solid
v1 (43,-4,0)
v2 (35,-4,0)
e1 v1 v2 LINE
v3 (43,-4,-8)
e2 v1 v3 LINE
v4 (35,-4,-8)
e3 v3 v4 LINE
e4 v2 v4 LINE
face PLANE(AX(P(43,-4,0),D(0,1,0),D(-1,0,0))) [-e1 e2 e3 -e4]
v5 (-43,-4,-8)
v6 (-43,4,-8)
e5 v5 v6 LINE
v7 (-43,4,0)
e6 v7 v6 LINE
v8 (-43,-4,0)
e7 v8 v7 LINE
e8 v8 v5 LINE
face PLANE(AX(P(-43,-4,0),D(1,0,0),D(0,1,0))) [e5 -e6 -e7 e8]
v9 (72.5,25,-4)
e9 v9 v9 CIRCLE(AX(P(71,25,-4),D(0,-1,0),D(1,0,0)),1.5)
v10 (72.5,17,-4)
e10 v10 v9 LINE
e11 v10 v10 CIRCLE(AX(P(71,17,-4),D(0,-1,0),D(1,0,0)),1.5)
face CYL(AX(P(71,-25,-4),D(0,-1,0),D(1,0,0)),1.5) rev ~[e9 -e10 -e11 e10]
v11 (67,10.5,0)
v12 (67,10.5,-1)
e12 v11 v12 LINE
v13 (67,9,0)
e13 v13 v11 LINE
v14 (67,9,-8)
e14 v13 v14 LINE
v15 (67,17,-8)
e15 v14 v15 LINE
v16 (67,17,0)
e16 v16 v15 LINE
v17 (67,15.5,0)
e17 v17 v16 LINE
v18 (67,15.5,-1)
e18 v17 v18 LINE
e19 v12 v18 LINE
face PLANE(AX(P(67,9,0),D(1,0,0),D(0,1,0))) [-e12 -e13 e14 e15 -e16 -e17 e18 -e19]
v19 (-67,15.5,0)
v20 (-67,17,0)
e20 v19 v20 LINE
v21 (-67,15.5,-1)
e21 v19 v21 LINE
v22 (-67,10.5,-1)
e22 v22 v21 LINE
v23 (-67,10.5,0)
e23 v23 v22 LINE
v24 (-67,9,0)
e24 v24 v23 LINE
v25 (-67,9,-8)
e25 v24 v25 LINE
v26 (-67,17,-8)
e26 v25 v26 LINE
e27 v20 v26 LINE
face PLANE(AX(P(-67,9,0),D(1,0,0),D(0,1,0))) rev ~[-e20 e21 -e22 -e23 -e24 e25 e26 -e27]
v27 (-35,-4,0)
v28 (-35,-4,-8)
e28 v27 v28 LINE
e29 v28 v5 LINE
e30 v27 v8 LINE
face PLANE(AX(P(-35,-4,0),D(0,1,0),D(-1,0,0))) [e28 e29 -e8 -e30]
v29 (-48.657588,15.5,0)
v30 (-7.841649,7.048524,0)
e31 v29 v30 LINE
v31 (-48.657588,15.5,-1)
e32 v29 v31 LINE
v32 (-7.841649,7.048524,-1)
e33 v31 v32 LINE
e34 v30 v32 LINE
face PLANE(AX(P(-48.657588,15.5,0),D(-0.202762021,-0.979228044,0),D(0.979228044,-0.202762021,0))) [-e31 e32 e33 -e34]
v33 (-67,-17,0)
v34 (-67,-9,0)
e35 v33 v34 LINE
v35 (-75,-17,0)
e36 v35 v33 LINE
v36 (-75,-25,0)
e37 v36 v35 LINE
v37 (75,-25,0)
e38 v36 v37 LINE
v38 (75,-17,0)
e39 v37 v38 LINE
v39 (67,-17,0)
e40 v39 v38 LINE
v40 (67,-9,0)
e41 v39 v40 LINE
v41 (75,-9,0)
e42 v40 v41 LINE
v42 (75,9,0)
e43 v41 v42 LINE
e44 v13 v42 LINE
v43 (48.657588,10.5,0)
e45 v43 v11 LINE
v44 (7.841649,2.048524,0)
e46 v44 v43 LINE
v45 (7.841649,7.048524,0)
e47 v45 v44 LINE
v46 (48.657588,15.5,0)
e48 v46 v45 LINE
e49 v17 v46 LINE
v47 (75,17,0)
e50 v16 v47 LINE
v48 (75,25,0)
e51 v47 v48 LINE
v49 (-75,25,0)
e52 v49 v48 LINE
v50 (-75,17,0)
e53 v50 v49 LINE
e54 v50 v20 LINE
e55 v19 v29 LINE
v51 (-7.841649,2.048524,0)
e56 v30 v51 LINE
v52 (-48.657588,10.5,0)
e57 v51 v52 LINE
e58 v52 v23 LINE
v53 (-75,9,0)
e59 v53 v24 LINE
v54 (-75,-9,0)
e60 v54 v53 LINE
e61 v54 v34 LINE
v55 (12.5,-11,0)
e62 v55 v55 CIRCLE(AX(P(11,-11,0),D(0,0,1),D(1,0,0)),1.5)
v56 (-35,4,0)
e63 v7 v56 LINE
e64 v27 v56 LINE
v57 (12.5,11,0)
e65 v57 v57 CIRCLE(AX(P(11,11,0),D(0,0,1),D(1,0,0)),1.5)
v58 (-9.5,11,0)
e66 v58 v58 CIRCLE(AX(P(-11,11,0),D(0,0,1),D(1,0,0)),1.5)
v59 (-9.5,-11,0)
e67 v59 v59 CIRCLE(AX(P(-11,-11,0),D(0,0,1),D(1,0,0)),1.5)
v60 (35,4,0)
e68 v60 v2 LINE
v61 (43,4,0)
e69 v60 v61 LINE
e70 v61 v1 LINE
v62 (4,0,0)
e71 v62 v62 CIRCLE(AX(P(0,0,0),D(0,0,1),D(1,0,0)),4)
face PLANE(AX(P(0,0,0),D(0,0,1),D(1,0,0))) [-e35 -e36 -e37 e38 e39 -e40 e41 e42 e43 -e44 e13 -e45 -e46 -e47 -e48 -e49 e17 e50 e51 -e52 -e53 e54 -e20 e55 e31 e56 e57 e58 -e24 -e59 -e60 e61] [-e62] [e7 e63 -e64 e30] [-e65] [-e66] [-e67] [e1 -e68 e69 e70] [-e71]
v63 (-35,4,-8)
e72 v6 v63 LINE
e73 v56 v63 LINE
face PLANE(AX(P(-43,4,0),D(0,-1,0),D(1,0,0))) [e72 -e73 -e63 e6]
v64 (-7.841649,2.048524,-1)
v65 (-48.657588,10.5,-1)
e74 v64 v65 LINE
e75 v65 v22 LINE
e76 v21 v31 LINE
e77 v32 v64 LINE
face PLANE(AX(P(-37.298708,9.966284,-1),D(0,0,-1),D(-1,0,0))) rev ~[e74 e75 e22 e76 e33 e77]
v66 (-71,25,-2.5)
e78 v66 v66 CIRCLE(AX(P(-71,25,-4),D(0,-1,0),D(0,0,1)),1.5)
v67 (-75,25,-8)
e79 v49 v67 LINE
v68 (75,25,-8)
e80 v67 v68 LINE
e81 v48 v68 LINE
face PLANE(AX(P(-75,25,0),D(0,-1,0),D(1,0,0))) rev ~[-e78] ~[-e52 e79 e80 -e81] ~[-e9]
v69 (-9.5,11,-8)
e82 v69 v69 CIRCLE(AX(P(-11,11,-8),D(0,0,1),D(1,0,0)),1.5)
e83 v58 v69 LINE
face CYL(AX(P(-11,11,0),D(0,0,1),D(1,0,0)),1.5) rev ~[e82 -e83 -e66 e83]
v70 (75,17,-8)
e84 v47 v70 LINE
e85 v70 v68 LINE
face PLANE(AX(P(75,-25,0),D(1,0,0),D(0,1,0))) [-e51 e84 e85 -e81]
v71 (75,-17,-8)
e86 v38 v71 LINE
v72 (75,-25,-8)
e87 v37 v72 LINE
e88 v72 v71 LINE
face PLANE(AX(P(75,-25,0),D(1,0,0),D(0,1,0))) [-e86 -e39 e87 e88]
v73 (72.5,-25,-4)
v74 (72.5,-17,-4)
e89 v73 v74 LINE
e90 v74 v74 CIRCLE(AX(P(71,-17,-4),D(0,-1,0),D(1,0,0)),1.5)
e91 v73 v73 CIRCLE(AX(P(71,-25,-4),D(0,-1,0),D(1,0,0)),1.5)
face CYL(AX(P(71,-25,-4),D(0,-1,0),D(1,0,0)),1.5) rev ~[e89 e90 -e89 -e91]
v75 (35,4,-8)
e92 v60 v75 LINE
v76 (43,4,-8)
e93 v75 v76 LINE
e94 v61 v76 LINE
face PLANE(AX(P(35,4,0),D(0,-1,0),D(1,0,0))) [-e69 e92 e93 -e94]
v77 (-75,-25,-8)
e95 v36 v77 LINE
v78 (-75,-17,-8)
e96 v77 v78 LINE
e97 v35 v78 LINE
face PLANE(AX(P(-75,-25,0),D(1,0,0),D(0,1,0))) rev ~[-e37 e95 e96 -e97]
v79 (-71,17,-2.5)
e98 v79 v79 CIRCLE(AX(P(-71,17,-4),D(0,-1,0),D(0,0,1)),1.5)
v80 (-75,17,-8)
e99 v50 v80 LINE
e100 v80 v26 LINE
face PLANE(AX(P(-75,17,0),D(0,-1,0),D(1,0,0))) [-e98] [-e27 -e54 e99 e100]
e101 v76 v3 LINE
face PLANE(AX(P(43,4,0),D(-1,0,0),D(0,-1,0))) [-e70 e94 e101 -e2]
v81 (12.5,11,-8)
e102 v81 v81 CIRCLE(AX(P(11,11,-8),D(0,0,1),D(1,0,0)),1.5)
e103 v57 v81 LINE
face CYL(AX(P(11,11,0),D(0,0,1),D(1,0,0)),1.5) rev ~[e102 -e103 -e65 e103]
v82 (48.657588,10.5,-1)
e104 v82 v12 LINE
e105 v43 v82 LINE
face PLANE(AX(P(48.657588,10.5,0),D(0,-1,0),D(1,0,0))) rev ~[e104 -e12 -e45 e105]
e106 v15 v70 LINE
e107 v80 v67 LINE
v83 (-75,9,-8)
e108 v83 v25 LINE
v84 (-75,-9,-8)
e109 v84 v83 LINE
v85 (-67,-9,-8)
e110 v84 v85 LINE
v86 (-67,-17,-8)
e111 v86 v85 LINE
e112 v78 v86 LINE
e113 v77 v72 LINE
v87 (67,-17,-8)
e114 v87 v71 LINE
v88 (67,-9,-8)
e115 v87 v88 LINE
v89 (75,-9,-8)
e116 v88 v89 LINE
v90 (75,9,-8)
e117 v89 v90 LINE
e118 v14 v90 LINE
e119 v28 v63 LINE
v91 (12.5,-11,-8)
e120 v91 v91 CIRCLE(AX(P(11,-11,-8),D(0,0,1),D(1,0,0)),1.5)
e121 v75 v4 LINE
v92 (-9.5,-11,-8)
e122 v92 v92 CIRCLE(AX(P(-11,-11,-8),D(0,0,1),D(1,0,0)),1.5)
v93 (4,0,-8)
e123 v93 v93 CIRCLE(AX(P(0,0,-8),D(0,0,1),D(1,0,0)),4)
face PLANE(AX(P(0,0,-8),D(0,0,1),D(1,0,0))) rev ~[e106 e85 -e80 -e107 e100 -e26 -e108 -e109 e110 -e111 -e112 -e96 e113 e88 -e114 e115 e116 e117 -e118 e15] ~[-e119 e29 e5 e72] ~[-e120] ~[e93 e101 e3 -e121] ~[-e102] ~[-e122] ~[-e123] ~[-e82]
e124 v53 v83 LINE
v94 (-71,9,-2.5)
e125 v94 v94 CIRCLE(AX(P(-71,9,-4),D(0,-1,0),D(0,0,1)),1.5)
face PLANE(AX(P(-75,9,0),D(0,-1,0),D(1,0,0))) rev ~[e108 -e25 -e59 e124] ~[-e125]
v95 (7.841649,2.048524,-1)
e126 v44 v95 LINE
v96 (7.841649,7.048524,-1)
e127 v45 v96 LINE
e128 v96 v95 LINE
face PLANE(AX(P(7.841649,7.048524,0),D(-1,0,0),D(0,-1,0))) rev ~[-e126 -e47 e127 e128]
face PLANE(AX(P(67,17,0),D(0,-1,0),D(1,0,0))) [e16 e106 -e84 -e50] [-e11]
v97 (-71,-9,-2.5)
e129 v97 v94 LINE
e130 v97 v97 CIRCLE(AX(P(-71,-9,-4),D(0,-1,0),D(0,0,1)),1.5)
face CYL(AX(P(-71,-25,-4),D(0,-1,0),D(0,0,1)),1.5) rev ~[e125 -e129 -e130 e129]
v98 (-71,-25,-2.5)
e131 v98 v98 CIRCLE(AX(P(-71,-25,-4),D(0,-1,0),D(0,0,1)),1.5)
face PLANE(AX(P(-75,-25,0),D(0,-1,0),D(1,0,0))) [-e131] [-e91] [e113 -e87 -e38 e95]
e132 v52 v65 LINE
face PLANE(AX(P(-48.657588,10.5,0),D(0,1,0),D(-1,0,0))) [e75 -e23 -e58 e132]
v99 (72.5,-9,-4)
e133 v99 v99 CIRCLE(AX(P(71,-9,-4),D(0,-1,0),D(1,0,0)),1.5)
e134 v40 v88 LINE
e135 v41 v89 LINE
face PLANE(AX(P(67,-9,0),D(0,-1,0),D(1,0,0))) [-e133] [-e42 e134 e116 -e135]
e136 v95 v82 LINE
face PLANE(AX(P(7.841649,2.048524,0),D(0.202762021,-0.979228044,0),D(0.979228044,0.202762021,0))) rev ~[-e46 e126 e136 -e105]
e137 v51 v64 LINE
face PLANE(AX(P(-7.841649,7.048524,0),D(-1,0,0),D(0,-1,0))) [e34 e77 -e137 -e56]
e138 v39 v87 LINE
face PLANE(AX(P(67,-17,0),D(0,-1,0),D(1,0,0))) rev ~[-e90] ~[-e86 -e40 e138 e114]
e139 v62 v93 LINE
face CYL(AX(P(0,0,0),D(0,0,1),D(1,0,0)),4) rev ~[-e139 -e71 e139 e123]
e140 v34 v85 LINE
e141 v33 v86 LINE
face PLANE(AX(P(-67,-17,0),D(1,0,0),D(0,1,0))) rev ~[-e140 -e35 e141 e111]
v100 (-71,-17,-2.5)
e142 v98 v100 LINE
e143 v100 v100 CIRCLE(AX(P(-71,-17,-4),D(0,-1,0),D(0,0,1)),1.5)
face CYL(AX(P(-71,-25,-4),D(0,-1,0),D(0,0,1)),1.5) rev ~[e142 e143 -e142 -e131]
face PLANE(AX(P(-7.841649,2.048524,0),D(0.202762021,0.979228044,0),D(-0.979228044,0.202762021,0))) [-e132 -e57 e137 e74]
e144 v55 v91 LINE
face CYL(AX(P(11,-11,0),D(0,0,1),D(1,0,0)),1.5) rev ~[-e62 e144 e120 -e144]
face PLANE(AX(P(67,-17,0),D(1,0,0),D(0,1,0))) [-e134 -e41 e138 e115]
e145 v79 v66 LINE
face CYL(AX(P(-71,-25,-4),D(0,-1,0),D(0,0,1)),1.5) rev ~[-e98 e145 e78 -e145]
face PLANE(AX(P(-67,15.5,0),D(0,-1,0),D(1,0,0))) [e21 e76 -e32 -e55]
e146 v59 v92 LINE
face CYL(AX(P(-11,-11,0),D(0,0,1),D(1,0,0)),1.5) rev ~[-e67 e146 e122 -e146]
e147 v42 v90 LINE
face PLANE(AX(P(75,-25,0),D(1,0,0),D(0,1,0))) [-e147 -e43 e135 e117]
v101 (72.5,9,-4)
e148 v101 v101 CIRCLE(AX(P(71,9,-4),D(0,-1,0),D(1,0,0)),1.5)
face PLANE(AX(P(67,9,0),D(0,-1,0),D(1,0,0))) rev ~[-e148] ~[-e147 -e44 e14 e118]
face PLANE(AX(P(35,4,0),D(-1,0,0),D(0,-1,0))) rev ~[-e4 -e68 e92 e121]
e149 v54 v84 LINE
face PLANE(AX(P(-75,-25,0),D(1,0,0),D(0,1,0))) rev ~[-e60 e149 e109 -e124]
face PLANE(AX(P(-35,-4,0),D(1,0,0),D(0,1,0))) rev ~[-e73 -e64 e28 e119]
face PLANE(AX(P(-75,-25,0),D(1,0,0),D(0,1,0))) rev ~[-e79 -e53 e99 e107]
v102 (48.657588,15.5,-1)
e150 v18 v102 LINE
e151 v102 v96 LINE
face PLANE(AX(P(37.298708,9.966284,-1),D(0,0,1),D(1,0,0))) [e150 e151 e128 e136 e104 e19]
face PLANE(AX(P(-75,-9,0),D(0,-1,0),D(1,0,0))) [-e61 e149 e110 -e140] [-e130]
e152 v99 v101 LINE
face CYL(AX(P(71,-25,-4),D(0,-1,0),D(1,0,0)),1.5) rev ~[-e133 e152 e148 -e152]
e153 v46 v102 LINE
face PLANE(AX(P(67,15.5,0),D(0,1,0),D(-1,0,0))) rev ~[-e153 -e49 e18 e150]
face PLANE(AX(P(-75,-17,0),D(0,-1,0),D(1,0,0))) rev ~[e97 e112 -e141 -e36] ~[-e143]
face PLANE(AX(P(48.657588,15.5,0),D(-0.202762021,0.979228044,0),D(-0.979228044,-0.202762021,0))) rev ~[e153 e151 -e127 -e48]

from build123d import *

# Parameters (mm, degrees)
SKETCH1_W                                  = 150
SKETCH1_H                                  = 50
U_ARM_BOTTOM_BOSS_EXTRUDE1_DEPTH           = 8
SKETCH2_W                                  = 8
SKETCH2_H                                  = 8
PUZZLE_SLOT_CUT_EXTRUDE1_DEPTH             = 8
SKETCH3_R                                  = 4
CENTER_SHAFT_HOLE_CUT_EXTRUDE2_DEPTH       = 8
PUZZLE_SLOT_SCREW_HOLES_CUT_EXTRUDE3_REACH = 92.493
SKETCH4_R                                  = 1.5
SIDE_PUZZLE_SLOTS_CUT_EXTRUDE4_DEPTH       = 8
CABLE_CUT_EXTRUDE13_DEPTH                  = 1
SKETCH7_R                                  = 1.5
DISTANS_MOUNTING_HOLES_CUT_EXTRUDE1_DEPTH  = 8


with BuildPart() as part:
    # Sketch1 → U-Arm Bottom Boss-Extrude1 (new body)
    with BuildSketch(Plane.XY):
        Rectangle(SKETCH1_W, SKETCH1_H)
    extrude(amount=-U_ARM_BOTTOM_BOSS_EXTRUDE1_DEPTH)

    # Sketch2 → Puzzle Slot Cut-Extrude1 (cut)
    with BuildSketch(Plane.XY):
        with Locations((71, 13)):
            Rectangle(SKETCH2_W, SKETCH2_H)
        with Locations((71, -13)):
            Rectangle(SKETCH2_W, SKETCH2_H)
        with Locations((-71, -13)):
            Rectangle(SKETCH2_W, SKETCH2_H)
        with Locations((-71, 13)):
            Rectangle(SKETCH2_W, SKETCH2_H)
    extrude(amount=-PUZZLE_SLOT_CUT_EXTRUDE1_DEPTH, mode=Mode.SUBTRACT)

    # Sketch3 → Center Shaft Hole Cut-Extrude2 (cut)
    with BuildSketch(Plane.XY):
        Circle(SKETCH3_R)
    extrude(amount=-CENTER_SHAFT_HOLE_CUT_EXTRUDE2_DEPTH, mode=Mode.SUBTRACT)

    # Puzzle Slot Screw Holes Cut-Extrude3: up to this face of the body (flat: up to its plane)
    puzzle_slot_screw_holes_cut_extrude3_end = Plane(part.part.faces().sort_by_distance((0, 25, -4))[0])
    # Sketch4 → Puzzle Slot Screw Holes Cut-Extrude3 (cut, up to the picked face)
    with BuildSketch(Plane.XZ.offset(25), mode=Mode.PRIVATE) as puzzle_slot_screw_holes_cut_extrude3_sk1:
        with Locations(Location((-71, -4, 0), (0, 0, 90))):
            Circle(SKETCH4_R)
    puzzle_slot_screw_holes_cut_extrude3_tool1 = split(extrude(puzzle_slot_screw_holes_cut_extrude3_sk1.sketch, amount=-PUZZLE_SLOT_SCREW_HOLES_CUT_EXTRUDE3_REACH, mode=Mode.PRIVATE), bisect_by=puzzle_slot_screw_holes_cut_extrude3_end, keep=Keep.BOTH, mode=Mode.PRIVATE)
    # Sketch4 → Puzzle Slot Screw Holes Cut-Extrude3 (cut, up to the picked face)
    with BuildSketch(Plane.XZ.offset(25), mode=Mode.PRIVATE) as puzzle_slot_screw_holes_cut_extrude3_sk2:
        with Locations((71, -4)):
            Circle(SKETCH4_R)
    puzzle_slot_screw_holes_cut_extrude3_tool2 = split(extrude(puzzle_slot_screw_holes_cut_extrude3_sk2.sketch, amount=-PUZZLE_SLOT_SCREW_HOLES_CUT_EXTRUDE3_REACH, mode=Mode.PRIVATE), bisect_by=puzzle_slot_screw_holes_cut_extrude3_end, keep=Keep.BOTH, mode=Mode.PRIVATE)
    add(puzzle_slot_screw_holes_cut_extrude3_tool1.solids().sort_by(Axis((-71, -25, -4), (0, 1, 0)))[0], mode=Mode.SUBTRACT)
    add(puzzle_slot_screw_holes_cut_extrude3_tool2.solids().sort_by(Axis((71, -25, -4), (0, 1, 0)))[0], mode=Mode.SUBTRACT)

    # Sketch5 → Side Puzzle Slots Cut-Extrude4 (cut)
    with BuildSketch(Plane.XY):
        Polygon((-35, 4), (-35, 0), (-35, -4), (-43, -4), (-43, 4), align=None)
        Polygon((43, 4), (43, -4), (35, -4), (35, 0), (35, 4), align=None)
    extrude(amount=-SIDE_PUZZLE_SLOTS_CUT_EXTRUDE4_DEPTH, mode=Mode.SUBTRACT)

    # Sketch6 → Cable Cut-Extrude13 (cut)
    with BuildSketch(Plane.XY):
        Polygon((67, 15.5), (48.657587673, 15.5), (7.841649412, 7.048524191), (7.841649412, 2.048524191), (48.657587673, 10.5), (67, 10.5), align=None)
        Polygon((-7.841649412, 7.048524191), (-7.841649412, 2.048524191), (-48.657587673, 10.5), (-67, 10.5), (-67, 15.5), (-48.657587673, 15.5), align=None)
    extrude(amount=-CABLE_CUT_EXTRUDE13_DEPTH, mode=Mode.SUBTRACT)

    # Sketch7 → Distans Mounting Holes Cut-Extrude1 (cut)
    with BuildSketch(Plane.XY):
        with Locations((11, 11)):
            Circle(SKETCH7_R)
        with Locations((-11, 11)):
            Circle(SKETCH7_R)
        with Locations((-11, -11)):
            Circle(SKETCH7_R)
        with Locations((11, -11)):
            Circle(SKETCH7_R)
    extrude(amount=-DISTANS_MOUNTING_HOLES_CUT_EXTRUDE1_DEPTH, mode=Mode.SUBTRACT)


solid = part.part
